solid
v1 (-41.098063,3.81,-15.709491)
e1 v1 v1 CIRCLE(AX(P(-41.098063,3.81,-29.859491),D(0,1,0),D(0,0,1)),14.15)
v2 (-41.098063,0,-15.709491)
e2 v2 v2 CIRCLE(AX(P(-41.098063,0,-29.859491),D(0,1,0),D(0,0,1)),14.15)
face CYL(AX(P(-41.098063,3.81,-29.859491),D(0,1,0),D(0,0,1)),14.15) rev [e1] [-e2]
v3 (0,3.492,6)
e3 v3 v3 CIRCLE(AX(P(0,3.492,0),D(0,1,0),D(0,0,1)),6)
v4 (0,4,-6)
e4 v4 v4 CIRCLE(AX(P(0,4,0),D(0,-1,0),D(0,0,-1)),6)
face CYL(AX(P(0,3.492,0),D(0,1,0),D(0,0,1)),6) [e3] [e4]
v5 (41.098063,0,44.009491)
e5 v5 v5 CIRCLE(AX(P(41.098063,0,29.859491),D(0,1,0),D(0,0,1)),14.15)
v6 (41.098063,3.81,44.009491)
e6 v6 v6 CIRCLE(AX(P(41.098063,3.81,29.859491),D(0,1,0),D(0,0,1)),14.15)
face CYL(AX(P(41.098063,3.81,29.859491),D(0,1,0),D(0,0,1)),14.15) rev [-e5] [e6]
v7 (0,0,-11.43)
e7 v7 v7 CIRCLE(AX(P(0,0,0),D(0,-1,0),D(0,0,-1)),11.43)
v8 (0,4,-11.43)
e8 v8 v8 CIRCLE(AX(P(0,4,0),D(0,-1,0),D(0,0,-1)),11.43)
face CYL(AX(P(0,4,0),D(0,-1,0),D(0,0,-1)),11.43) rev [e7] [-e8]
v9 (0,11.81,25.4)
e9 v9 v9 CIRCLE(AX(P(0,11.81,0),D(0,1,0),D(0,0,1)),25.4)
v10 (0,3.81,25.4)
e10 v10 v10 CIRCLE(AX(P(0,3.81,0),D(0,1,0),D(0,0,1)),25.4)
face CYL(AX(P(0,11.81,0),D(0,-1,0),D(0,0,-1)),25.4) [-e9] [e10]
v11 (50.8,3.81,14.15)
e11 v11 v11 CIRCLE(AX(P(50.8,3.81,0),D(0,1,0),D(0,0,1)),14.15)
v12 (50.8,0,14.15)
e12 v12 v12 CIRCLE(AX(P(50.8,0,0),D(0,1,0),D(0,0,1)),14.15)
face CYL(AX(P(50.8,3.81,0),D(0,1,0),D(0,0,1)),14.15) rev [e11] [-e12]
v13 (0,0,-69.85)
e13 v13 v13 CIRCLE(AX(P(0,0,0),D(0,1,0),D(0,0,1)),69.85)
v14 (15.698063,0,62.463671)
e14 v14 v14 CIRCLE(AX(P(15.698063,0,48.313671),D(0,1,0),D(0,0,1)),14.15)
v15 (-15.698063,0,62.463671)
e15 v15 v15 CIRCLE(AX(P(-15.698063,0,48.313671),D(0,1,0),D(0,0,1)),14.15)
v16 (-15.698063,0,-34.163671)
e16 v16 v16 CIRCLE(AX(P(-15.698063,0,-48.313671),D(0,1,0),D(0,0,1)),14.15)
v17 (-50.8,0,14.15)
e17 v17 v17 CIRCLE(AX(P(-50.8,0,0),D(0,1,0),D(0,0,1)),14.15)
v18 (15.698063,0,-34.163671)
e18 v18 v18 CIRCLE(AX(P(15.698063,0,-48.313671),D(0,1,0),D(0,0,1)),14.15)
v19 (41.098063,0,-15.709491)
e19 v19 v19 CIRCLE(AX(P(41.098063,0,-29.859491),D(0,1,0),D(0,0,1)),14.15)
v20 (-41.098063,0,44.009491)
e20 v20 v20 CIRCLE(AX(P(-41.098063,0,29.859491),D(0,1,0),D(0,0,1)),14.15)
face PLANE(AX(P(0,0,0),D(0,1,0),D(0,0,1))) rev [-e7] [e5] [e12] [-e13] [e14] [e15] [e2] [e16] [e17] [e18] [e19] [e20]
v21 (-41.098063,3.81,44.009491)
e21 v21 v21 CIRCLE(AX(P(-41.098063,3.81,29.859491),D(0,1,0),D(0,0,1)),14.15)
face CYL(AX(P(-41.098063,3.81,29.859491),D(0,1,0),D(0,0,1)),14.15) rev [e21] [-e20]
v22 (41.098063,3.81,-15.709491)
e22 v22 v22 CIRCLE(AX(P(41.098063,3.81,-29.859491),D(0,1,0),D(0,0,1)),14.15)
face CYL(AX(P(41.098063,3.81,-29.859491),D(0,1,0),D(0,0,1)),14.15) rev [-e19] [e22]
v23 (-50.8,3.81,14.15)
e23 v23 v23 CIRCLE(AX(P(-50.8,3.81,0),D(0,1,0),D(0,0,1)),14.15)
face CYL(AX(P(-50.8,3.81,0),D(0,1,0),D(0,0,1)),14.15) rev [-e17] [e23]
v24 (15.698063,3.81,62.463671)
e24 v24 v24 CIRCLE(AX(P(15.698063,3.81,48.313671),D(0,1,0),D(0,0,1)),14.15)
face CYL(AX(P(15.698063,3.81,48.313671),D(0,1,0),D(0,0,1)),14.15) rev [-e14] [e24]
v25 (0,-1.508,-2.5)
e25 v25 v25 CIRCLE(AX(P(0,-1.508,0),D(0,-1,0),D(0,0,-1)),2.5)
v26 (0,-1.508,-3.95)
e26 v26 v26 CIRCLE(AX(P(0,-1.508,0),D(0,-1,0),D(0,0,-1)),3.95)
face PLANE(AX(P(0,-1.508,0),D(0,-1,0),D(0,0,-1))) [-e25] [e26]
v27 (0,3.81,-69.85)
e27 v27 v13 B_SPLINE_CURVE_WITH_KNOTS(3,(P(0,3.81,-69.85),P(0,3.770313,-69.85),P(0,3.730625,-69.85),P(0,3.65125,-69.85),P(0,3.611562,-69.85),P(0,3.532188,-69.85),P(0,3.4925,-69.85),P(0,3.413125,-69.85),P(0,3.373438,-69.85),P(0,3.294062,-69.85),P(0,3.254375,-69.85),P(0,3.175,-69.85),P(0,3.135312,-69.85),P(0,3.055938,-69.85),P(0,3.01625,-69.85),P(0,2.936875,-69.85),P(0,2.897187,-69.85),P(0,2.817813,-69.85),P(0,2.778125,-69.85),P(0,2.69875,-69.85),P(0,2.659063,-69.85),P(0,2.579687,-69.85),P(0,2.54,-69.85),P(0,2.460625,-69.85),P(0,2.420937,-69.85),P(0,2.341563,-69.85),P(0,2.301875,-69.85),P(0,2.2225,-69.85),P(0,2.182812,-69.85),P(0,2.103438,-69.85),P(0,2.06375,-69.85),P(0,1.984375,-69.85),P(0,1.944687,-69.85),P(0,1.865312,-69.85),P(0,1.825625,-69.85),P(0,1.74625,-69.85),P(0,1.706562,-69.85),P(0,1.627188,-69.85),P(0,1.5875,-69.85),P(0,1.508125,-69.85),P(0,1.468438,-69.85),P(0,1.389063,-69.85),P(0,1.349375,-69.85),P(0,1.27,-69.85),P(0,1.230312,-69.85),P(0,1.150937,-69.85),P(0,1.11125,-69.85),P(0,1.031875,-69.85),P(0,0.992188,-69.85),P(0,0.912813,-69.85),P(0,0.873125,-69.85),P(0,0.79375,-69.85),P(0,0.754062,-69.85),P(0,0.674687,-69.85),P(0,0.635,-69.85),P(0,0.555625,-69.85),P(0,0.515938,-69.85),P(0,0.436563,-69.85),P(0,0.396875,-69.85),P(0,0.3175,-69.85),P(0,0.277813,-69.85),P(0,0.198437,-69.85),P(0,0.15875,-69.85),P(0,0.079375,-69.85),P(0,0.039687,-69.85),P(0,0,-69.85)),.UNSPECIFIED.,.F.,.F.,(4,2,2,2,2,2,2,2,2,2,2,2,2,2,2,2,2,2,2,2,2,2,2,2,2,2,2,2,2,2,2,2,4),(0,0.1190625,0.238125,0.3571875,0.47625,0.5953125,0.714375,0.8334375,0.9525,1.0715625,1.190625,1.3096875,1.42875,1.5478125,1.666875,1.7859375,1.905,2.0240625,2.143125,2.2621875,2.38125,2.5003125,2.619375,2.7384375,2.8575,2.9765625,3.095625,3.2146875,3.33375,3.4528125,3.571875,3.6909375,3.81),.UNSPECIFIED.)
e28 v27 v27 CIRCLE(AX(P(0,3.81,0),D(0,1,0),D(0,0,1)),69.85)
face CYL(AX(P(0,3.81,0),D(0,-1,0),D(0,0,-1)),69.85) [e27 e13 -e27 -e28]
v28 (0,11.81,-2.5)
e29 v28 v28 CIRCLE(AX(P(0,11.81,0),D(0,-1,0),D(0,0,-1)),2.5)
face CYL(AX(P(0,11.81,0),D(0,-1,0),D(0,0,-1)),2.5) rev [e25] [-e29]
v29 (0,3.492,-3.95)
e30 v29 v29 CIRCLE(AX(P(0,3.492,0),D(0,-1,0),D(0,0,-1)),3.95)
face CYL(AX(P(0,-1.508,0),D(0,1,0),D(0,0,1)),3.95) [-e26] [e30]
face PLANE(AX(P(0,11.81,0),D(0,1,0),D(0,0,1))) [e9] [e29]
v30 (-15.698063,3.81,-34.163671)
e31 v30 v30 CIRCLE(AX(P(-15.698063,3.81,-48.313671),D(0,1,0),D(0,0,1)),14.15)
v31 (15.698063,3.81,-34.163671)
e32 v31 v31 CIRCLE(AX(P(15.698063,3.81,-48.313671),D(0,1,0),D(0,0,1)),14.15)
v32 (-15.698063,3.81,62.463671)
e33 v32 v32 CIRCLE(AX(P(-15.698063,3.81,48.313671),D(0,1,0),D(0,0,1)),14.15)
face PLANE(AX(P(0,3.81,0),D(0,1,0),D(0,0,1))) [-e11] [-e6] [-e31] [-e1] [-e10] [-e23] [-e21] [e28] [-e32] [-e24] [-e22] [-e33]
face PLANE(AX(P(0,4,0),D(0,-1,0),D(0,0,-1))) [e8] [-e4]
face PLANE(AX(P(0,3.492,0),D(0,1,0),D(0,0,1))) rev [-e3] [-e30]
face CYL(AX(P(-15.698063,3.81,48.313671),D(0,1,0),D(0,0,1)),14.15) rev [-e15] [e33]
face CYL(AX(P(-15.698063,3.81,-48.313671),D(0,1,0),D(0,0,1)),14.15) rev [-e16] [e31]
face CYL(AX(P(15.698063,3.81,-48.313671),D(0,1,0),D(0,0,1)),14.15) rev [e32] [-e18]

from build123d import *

# Parameters (mm, degrees)
SKETCH1_R                      = 69.85
BOSS_EXTRUDE1_DEPTH            = 3.81
SKETCH4_R                      = 25.4
BOSS_EXTRUDE5_DEPTH            = 7.99999997
SKETCH25_R                     = 11.43
CUT_EXTRUDE4_DEPTH             = 3.99999997
SKETCH5_R                      = 6
BOSS_EXTRUDE6_DEPTH            = 0.508
SKETCH26_R                     = 3.95
BOSS_EXTRUDE7_DEPTH            = 5
CUT_EXTRUDE1_DEPTH             = 100.486285986
CUT_EXTRUDE1_DEPTH_BACK        = 100.486285986
SKETCH6_R                      = 2.5
TAP_DRILL_FOR_M1_2X0_25_TAP1_D = 28.3


with BuildPart() as part:
    # Sketch1 → Boss-Extrude1 (new body)
    with BuildSketch(Plane(origin=(0, 0, 0), x_dir=(1, 0, 0), z_dir=(0, 1, 0))):
        Circle(SKETCH1_R)
    extrude(amount=BOSS_EXTRUDE1_DEPTH)

    # Sketch4 → Boss-Extrude5 (add)
    with BuildSketch(Plane(origin=(0, 3.81, 0), x_dir=(1, 0, 0), z_dir=(0, 1, 0))):
        Circle(SKETCH4_R)
    extrude(amount=BOSS_EXTRUDE5_DEPTH)

    # Sketch25 → Cut-Extrude4 (cut)
    with BuildSketch(Plane.XZ):
        Circle(SKETCH25_R)
    extrude(amount=-CUT_EXTRUDE4_DEPTH, mode=Mode.SUBTRACT)

    # Sketch5 → Boss-Extrude6 (add)
    with BuildSketch(Plane(origin=(0, 3.99999997, 0), x_dir=(1, 0, 0), z_dir=(0, 1, 0))):
        Circle(SKETCH5_R)
    extrude(amount=-BOSS_EXTRUDE6_DEPTH)

    # Sketch26 → Boss-Extrude7 (add)
    with BuildSketch(Plane.XZ.offset(-3.49199997)):
        Circle(SKETCH26_R)
    extrude(amount=BOSS_EXTRUDE7_DEPTH)

    # Sketch6 → Cut-Extrude1 (cut, two sides: drawn at the far end of the back side and taken through both)
    with BuildSketch(Plane.XZ.offset(-CUT_EXTRUDE1_DEPTH_BACK)):
        Circle(SKETCH6_R)
    extrude(amount=CUT_EXTRUDE1_DEPTH + CUT_EXTRUDE1_DEPTH_BACK, mode=Mode.SUBTRACT)

    # Tap Drill for M1.2x0.25 Tap1 (through all)
    with Locations(Plane(origin=(0, 3.81, 0), x_dir=(1, 0, 0), z_dir=(0, 1, 0))):
        with Locations((-50.8, 0), (-41.098063314, 29.859490816), (-15.698063314, 48.313671028), (15.698063314, 48.313671028), (41.098063314, 29.859490816), (50.8, 0), (41.098063314, -29.859490816), (15.698063314, -48.313671028), (-15.698063314, -48.313671028), (-41.098063314, -29.859490816)):
            Hole(TAP_DRILL_FOR_M1_2X0_25_TAP1_D / 2)


solid = part.part
